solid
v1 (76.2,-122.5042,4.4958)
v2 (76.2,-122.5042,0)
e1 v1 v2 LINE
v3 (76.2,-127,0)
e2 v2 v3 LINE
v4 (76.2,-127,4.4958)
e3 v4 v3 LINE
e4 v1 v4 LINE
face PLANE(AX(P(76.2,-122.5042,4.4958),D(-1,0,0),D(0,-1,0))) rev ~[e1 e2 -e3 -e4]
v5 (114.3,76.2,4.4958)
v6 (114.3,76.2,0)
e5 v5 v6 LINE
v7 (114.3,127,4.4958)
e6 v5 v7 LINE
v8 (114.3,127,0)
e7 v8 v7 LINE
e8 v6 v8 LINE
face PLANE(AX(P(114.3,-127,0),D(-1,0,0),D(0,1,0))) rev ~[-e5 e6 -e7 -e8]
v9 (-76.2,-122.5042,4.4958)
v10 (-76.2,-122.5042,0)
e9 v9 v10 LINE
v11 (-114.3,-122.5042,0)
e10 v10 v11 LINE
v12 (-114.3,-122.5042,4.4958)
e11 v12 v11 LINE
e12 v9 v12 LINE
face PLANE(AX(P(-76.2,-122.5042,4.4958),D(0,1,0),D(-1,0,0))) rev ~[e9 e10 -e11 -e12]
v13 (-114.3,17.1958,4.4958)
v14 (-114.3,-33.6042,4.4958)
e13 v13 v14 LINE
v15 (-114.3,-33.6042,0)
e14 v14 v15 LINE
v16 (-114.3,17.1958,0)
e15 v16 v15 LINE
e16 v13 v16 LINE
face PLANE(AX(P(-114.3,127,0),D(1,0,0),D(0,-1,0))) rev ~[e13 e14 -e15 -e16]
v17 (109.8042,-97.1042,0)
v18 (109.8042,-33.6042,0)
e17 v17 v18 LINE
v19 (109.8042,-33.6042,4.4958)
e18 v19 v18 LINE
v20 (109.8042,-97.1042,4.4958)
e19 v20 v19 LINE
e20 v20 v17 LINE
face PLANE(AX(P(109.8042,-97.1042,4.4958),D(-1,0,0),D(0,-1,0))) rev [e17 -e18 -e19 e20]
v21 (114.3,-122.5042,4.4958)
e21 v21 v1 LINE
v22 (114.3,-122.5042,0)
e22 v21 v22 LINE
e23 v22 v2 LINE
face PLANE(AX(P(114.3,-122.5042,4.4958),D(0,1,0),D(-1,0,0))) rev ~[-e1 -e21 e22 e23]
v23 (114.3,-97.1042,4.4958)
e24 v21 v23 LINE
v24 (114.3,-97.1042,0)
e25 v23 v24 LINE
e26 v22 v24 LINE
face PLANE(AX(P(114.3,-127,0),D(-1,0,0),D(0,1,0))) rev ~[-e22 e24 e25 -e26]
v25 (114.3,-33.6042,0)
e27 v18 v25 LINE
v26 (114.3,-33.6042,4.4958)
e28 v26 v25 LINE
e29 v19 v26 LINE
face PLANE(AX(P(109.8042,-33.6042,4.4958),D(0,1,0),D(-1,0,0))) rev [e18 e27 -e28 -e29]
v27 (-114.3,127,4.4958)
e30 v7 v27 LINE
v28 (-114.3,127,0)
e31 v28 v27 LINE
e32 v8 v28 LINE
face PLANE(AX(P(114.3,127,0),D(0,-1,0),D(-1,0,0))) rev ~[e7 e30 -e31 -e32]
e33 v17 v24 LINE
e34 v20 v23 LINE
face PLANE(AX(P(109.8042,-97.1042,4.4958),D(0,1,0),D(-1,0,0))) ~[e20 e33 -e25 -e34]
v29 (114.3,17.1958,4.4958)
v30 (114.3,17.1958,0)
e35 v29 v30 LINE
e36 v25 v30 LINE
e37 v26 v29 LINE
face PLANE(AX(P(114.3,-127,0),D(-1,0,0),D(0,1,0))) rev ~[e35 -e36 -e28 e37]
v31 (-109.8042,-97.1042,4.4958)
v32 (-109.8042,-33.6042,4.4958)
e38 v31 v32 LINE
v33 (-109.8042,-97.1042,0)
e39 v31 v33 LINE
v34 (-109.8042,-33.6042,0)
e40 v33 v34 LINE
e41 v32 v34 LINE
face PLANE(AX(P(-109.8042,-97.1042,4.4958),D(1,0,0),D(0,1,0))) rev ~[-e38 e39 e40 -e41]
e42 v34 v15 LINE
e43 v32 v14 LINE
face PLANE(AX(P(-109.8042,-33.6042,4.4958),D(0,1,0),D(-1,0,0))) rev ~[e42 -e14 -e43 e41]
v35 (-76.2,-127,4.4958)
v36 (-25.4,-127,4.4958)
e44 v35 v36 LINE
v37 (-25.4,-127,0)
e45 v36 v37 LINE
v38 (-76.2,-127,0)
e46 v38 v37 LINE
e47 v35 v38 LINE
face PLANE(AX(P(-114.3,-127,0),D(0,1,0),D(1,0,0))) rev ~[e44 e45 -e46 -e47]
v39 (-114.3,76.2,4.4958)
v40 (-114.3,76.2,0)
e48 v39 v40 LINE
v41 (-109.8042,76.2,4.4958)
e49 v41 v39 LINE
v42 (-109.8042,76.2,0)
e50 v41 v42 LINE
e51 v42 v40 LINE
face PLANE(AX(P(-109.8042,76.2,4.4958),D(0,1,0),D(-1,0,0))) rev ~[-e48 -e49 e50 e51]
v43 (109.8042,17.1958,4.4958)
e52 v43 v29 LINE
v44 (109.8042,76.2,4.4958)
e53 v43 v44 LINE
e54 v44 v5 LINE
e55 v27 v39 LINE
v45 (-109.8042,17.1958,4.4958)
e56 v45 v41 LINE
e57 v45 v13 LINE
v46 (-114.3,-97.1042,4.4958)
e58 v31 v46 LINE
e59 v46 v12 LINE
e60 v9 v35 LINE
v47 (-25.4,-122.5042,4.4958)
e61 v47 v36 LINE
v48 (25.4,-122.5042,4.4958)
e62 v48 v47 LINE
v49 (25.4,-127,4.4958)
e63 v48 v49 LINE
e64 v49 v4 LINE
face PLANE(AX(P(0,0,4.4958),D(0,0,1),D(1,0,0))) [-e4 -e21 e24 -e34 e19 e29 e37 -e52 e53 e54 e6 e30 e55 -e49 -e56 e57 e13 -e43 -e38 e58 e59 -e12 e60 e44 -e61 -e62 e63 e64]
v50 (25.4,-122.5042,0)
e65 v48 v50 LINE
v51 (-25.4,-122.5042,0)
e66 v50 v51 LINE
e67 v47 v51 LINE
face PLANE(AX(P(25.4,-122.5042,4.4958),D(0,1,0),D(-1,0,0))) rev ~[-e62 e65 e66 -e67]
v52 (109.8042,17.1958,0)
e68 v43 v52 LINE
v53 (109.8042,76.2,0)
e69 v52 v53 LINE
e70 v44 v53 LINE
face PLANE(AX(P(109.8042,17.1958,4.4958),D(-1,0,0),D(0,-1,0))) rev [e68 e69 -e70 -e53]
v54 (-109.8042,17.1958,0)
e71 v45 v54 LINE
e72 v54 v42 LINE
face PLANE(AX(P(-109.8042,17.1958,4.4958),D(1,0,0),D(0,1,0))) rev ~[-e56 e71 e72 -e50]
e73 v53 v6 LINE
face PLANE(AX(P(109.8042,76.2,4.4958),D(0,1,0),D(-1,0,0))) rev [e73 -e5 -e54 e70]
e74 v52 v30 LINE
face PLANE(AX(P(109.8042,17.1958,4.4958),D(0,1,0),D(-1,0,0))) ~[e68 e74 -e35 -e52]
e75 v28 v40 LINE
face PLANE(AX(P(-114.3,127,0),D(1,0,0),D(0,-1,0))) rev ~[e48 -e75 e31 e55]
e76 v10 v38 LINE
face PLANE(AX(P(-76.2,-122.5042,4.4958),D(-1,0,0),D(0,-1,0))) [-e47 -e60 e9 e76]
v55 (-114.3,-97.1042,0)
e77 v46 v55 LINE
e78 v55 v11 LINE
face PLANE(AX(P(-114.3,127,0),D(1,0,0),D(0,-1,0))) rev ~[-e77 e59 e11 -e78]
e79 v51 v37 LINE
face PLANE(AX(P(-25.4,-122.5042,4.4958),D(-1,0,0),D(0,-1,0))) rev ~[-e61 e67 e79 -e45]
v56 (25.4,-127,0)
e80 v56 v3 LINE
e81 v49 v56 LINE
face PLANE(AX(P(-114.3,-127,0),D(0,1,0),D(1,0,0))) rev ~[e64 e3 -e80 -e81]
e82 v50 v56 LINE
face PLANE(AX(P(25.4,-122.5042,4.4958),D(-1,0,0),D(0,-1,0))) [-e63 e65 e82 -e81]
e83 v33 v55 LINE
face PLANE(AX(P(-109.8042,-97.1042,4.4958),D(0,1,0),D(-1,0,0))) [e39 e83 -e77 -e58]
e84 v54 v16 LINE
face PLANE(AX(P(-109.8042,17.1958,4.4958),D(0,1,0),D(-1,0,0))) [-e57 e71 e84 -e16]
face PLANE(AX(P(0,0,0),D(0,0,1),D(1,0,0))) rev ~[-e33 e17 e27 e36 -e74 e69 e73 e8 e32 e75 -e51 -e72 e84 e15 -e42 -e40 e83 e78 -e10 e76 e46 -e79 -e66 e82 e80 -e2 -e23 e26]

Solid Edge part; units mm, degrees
sketch "Sketch1" plane through (0, 0, 0) normal (0, 0, 1) x (1, 0, 0)
  line L0 (-114.3, -127) -> (114.3, -127)
  line L1 (114.3, -127) -> (114.3, 127)
  line L2 (114.3, 127) -> (-114.3, 127)
  line L3 (-114.3, 127) -> (-114.3, -127)
  dimension "D1" = 228.6
  dimension "D2" = 254
extrude "Protrusion1" add sketch "Sketch1" along normal blind 4.4958
sketch "Sketch2" plane through (0, 0, 4.4958) normal (0, 0, 1) x (1, 0, 0)
  line L0 (-76.2, -122.5042) -> (-76.2, -127)
  line L1 (-114.3, -127) -> (-76.2, -127)
  line L2 (-114.3, -122.5042) -> (-114.3, -127)
  line L3 (-76.2, -122.5042) -> (-114.3, -122.5042)
  line L4 (25.4, -122.5042) -> (-25.4, -122.5042)
  line L5 (-25.4, -122.5042) -> (-25.4, -127)
  line L6 (-25.4, -127) -> (25.4, -127)
  line L7 (25.4, -122.5042) -> (25.4, -127)
  line L8 (76.2, -122.5042) -> (76.2, -127)
  line L9 (76.2, -127) -> (114.3, -127)
  line L10 (114.3, -127) -> (114.3, -122.5042)
  line L11 (114.3, -122.5042) -> (76.2, -122.5042)
extrude "Cutout1" cut sketch "Sketch2" against normal through all
sketch "Sketch3" plane through (0, 0, 4.4958) normal (0, 0, 1) x (1, 0, 0)
  line L0 (-109.8042, -97.1042) -> (-109.8042, -33.6042)
  line L1 (-109.8042, -33.6042) -> (-114.3, -33.6042)
  line L2 (-114.3, -33.6042) -> (-114.3, -97.1042)
  line L3 (-109.8042, -97.1042) -> (-114.3, -97.1042)
  line L4 (-114.3, 76.2) -> (-114.3, 17.1958)
  line L5 (-109.8042, 17.1958) -> (-114.3, 17.1958)
  line L6 (-109.8042, 17.1958) -> (-109.8042, 76.2)
  line L7 (-109.8042, 76.2) -> (-114.3, 76.2)
extrude "Cutout2" cut sketch "Sketch3" against normal through all
mirror "Mirror1" about plane through (0, 0, 0) normal (-1, 0, 0) of "Cutout2"
properties material "Acrylic, high impact grade"
